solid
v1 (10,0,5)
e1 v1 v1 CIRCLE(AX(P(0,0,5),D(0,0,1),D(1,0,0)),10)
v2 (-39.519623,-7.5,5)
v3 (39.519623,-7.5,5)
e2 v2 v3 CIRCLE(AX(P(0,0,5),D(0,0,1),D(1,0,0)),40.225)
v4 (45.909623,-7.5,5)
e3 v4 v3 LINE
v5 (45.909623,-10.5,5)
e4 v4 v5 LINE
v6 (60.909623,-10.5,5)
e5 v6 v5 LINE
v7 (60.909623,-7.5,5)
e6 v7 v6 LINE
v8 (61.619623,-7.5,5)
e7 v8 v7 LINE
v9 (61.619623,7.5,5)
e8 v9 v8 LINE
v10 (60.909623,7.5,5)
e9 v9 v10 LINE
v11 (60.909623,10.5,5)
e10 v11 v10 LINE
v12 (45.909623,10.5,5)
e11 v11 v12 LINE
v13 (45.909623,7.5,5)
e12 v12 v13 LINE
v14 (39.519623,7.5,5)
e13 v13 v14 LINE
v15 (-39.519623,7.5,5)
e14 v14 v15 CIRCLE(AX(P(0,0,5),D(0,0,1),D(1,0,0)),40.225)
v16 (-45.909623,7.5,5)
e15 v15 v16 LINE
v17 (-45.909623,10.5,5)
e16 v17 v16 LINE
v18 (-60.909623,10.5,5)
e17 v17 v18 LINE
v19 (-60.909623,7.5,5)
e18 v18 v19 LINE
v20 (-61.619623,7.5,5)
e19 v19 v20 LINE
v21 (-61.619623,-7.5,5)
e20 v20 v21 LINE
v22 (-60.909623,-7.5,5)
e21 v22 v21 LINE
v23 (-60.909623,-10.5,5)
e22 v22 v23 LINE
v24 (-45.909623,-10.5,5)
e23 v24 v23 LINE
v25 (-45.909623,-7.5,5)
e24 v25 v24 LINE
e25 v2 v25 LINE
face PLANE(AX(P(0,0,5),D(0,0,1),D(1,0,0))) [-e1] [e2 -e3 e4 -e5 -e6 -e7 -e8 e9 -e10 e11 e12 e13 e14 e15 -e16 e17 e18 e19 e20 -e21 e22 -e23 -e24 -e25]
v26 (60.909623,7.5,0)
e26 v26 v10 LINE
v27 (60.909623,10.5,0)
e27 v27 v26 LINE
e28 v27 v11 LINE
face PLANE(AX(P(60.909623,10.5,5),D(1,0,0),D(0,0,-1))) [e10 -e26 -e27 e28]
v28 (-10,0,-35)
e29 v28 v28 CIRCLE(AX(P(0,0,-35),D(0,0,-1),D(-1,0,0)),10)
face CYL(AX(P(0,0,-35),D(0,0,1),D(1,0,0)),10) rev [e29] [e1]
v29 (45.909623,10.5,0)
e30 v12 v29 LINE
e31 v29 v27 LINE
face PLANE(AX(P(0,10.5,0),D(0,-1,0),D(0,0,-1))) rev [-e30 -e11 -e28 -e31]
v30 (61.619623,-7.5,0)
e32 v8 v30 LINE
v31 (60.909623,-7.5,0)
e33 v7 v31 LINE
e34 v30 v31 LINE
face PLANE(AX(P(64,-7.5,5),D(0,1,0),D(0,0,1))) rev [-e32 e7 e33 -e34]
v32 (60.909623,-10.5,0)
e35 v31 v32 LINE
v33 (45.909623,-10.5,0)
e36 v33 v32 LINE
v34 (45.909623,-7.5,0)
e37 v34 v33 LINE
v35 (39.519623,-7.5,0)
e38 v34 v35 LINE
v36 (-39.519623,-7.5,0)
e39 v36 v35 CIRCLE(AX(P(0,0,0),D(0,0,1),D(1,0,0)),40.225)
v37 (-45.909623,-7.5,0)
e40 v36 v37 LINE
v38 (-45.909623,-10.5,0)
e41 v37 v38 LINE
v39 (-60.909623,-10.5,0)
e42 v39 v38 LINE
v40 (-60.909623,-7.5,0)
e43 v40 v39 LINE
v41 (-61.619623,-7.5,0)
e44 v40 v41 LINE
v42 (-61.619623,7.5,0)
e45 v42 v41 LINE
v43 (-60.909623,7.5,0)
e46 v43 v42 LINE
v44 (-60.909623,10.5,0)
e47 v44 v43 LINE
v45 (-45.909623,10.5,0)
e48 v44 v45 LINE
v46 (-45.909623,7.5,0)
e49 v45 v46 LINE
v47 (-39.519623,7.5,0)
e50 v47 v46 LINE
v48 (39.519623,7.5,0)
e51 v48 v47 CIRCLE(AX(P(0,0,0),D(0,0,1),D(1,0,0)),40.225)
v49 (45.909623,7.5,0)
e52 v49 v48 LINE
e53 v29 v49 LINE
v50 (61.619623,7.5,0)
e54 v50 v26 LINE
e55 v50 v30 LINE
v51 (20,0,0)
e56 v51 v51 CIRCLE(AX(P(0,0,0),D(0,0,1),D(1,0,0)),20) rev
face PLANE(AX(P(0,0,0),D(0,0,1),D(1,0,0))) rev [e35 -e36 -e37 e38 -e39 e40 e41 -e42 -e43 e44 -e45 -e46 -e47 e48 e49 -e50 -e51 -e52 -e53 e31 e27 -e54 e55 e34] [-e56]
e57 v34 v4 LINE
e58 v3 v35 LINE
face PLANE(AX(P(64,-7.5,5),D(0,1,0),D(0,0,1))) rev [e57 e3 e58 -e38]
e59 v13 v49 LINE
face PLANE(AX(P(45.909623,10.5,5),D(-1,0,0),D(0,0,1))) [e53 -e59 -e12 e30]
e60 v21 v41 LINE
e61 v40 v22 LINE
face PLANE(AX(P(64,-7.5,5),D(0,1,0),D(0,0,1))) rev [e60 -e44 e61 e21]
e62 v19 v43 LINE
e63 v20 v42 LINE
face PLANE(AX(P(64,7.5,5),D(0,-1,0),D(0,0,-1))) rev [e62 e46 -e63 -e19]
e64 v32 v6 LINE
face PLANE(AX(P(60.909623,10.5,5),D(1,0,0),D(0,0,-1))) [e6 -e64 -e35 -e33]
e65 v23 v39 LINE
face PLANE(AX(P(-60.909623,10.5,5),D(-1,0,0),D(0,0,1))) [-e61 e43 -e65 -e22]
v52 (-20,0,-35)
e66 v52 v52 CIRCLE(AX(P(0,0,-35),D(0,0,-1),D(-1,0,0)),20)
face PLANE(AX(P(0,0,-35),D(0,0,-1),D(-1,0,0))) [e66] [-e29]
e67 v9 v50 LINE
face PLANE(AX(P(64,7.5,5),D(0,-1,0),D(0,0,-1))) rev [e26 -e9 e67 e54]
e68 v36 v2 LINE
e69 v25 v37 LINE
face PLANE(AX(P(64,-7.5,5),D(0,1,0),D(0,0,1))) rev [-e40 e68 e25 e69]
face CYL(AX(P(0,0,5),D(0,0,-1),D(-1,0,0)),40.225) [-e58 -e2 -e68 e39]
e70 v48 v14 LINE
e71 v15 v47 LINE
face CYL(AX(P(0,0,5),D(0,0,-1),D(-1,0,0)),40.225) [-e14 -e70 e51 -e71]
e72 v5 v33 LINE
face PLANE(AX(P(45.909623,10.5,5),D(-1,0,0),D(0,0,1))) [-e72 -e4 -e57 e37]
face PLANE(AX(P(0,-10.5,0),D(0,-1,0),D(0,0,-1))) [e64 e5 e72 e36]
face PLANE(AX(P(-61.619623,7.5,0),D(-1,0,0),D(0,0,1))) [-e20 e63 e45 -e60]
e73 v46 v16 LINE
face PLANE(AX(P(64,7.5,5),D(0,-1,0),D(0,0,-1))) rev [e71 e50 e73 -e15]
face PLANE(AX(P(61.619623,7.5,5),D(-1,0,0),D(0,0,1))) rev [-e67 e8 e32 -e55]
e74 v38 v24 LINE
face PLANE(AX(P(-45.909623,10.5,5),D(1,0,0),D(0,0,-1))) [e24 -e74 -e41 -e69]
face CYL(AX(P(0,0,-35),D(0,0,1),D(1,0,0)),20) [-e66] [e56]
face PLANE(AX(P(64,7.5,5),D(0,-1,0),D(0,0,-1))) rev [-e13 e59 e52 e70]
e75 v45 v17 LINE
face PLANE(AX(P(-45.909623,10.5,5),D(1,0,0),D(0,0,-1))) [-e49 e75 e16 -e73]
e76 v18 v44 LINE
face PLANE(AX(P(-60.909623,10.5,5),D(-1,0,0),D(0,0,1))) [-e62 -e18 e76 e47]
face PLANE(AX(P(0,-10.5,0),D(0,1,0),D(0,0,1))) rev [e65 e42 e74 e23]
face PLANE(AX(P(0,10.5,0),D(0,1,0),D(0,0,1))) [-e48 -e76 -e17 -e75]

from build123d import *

# Parameters (mm, degrees)
IZIM1_R                           = 40.225
Y_KSEKLIK_EKSTR_ZYON1_DEPTH       = 5
IZIM2_W                           = 5
IZIM2_H                           = 15
Y_KSEKLIK_EKSTR_ZYON2_DEPTH       = 64
IZIM3_W                           = 8.48037671
IZIM3_H                           = 5
KES_EKSTR_ZYON1_DEPTH             = 128
IZIM6_R                           = 25
Y_KSEKLIK_EKSTR_ZYON4_DEPTH       = 5
IZIM7_W                           = 5
IZIM7_H                           = 5
Y_KSEKLIK_EKSTR_ZYON5_DEPTH       = 2
IZIM8_W                           = 5
IZIM8_H                           = 5
Y_KSEKLIK_EKSTR_ZYON6_DEPTH       = 7
IZIM9_W                           = 5.33982185
IZIM9_H                           = 8.96327239
KES_EKSTR_ZYON2_DEPTH             = 23
IZIM10_W                          = 16.71
IZIM10_H                          = 5
Y_KSEKLIK_EKSTR_ZYON7_DEPTH       = 15
IZIM13_W                          = 0.39
IZIM13_H                          = 5
Y_KSEKLIK_EKSTR_ZYON9_DEPTH       = 15
Y_KSEKLIK_EKSTR_ZYON10_DEPTH      = 3
Y_KSEKLIK_EKSTR_ZYON10_DEPTH_BACK = 18
IZIM14_W                          = 15
IZIM14_H                          = 5
IZIM11_W                          = 15.71
IZIM11_H                          = 5
Y_KSEKLIK_EKSTR_ZYON11_DEPTH      = 15
Y_KSEKLIK_EKSTR_ZYON12_DEPTH      = 3
Y_KSEKLIK_EKSTR_ZYON12_DEPTH_BACK = 18
IZIM16_W                          = 15
IZIM16_H                          = 5
IZIM17_W                          = 120.128605811
IZIM17_H                          = 27.620146719
KES_EKSTR_ZYON3_DEPTH             = 50
IZIM18_R                          = 5
KES_EKSTR_ZYON4_DEPTH             = 100
IZIM20_R                          = 20
IZIM20_R_2                        = 10
Y_KSEKLIK_EKSTR_ZYON14_DEPTH      = 35
IZIM21_R                          = 10
KES_EKSTR_ZYON5_DEPTH             = 45


with BuildPart() as part:
    # Çizim1 → Yükseklik-Ekstrüzyon1 (new body)
    with BuildSketch(Plane.XY):
        Circle(IZIM1_R)
    extrude(amount=Y_KSEKLIK_EKSTR_ZYON1_DEPTH)

    # Çizim2 → Yükseklik-Ekstrüzyon2 (add, symmetric)
    with BuildSketch(Plane(origin=(0, 0, 0), x_dir=(0, 0, -1), z_dir=(1, 0, 0))):
        with Locations((-2.5, 0)):
            Rectangle(IZIM2_W, IZIM2_H)
    extrude(amount=Y_KSEKLIK_EKSTR_ZYON2_DEPTH, both=True)

    # Çizim3 → Kes-Ekstrüzyon1 (cut)
    with BuildSketch(Plane.XZ.offset(7.5)):
        with Locations((-59.759811645, 2.5)):
            Rectangle(IZIM3_W, IZIM3_H)
    extrude(amount=-KES_EKSTR_ZYON1_DEPTH, mode=Mode.SUBTRACT)

    # Çizim7 → Yükseklik-Ekstrüzyon5 (add)
    with BuildSketch(Plane.XY.offset(5)):
        Polygon((35.024990748, -17.334936491), (30.694863729, -14.834936491), (28.194863729, -19.165063509), (32.524990748, -21.665063509), align=None)
        with Locations((0, 36.5)):
            Rectangle(IZIM7_W, IZIM7_H)
        Polygon((-32.524990748, -21.665063509), (-28.194863729, -19.165063509), (-30.694863729, -14.834936491), (-35.024990748, -17.334936491), align=None)
    extrude(amount=Y_KSEKLIK_EKSTR_ZYON5_DEPTH)


with BuildPart() as body_2:
    # Çizim6 → Yükseklik-Ekstrüzyon4 (new body)
    with BuildSketch(Plane.XY.offset(25)):
        Circle(IZIM6_R)
    extrude(amount=Y_KSEKLIK_EKSTR_ZYON4_DEPTH)

    # Çizim8 → Yükseklik-Ekstrüzyon6 (add)
    with BuildSketch(Plane.XY.offset(30)):
        Polygon((22.034609691, -9.834936491), (17.704482672, -7.334936491), (15.204482672, -11.665063509), (19.534609691, -14.165063509), align=None)
        with Locations((0, 21.5)):
            Rectangle(IZIM8_W, IZIM8_H)
        Polygon((-19.534609691, -14.165063509), (-15.204482672, -11.665063509), (-17.704482672, -7.334936491), (-22.034609691, -9.834936491), align=None)
    extrude(amount=-Y_KSEKLIK_EKSTR_ZYON6_DEPTH)


    add(part.part)  # loft1 joins it to this body
    # loft from a face of the part (loft1)
    loft([body_2.faces().sort_by_distance((-18.619546181, -10.75, 23))[0], body_2.faces().sort_by_distance((-31.609927238, -18.25, 7))[0]])

    # loft from a face of the part (loft3)
    loft([body_2.faces().sort_by_distance((0, 36.5, 7))[0], body_2.faces().sort_by_distance((0, 21.5, 23))[0]])

    # Çizim9 → Kes-Ekstrüzyon2 (cut)
    with BuildSketch(Plane.XZ.offset(7.5)):
        with Locations((62.899534215, 2.077883617)):
            Rectangle(IZIM9_W, IZIM9_H)
    extrude(amount=-KES_EKSTR_ZYON2_DEPTH, mode=Mode.SUBTRACT)

    # Çizim10 → Yükseklik-Ekstrüzyon7 (add)
    with BuildSketch(Plane.XZ.offset(7.5)):
        with Locations((-52.87462329, 2.5)):
            Rectangle(IZIM10_W, IZIM10_H)
    extrude(amount=-Y_KSEKLIK_EKSTR_ZYON7_DEPTH)

    # Çizim13 → Yükseklik-Ekstrüzyon9 (add)
    with BuildSketch(Plane.XZ.offset(7.5)):
        with Locations((-61.42462329, 2.5)):
            Rectangle(IZIM13_W, IZIM13_H)
    extrude(amount=-Y_KSEKLIK_EKSTR_ZYON9_DEPTH)

    # Çizim14 → Yükseklik-Ekstrüzyon10 (add, two sides: drawn at the far end of the back side and taken through both)
    with BuildSketch(Plane.XZ.offset(7.5).offset(-Y_KSEKLIK_EKSTR_ZYON10_DEPTH_BACK)):
        with Locations((-53.40962329, 2.5)):
            Rectangle(IZIM14_W, IZIM14_H)
    extrude(amount=Y_KSEKLIK_EKSTR_ZYON10_DEPTH + Y_KSEKLIK_EKSTR_ZYON10_DEPTH_BACK)

    # Çizim11 → Yükseklik-Ekstrüzyon11 (add)
    with BuildSketch(Plane.XZ.offset(7.5)):
        with Locations((53.76462329, 2.5)):
            Rectangle(IZIM11_W, IZIM11_H)
    extrude(amount=-Y_KSEKLIK_EKSTR_ZYON11_DEPTH)

    # Çizim16 → Yükseklik-Ekstrüzyon12 (add, two sides: drawn at the far end of the back side and taken through both)
    with BuildSketch(Plane.XZ.offset(7.5).offset(-Y_KSEKLIK_EKSTR_ZYON12_DEPTH_BACK)):
        with Locations((53.40962329, 2.5)):
            Rectangle(IZIM16_W, IZIM16_H)
    extrude(amount=Y_KSEKLIK_EKSTR_ZYON12_DEPTH + Y_KSEKLIK_EKSTR_ZYON12_DEPTH_BACK)

    # Çizim17 → Kes-Ekstrüzyon3 (cut, symmetric)
    with BuildSketch(Plane(origin=(0, 0, 0), x_dir=(1, 0, 0), z_dir=(0, 1, 0))):
        with Locations((6.654679615, -18.81007336)):
            Rectangle(IZIM17_W, IZIM17_H)
    extrude(amount=KES_EKSTR_ZYON3_DEPTH, both=True, mode=Mode.SUBTRACT)

    # Çizim18 → Kes-Ekstrüzyon4 (cut)
    with BuildSketch(Plane(origin=(0, 0, 0), x_dir=(-1, 0, 0), z_dir=(0, 0, -1))):
        Circle(IZIM18_R)
    extrude(amount=-KES_EKSTR_ZYON4_DEPTH, mode=Mode.SUBTRACT)

    # Çizim20 → Yükseklik-Ekstrüzyon14 (add)
    with BuildSketch(Plane(origin=(0, 0, 0), x_dir=(-1, 0, 0), z_dir=(0, 0, -1))):
        with Locations(Location((0, 0, 0), (0, 0, 180))):
            Circle(IZIM20_R)
        Circle(IZIM20_R_2, mode=Mode.SUBTRACT)
    extrude(amount=Y_KSEKLIK_EKSTR_ZYON14_DEPTH)

    # Çizim21 → Kes-Ekstrüzyon5 (cut)
    with BuildSketch(Plane(origin=(0, 0, 0), x_dir=(-1, 0, 0), z_dir=(0, 0, -1))):
        with Locations(Location((0, 0, 0), (0, 0, 180))):
            Circle(IZIM21_R)
    extrude(amount=-KES_EKSTR_ZYON5_DEPTH, mode=Mode.SUBTRACT)


solid = body_2.part
